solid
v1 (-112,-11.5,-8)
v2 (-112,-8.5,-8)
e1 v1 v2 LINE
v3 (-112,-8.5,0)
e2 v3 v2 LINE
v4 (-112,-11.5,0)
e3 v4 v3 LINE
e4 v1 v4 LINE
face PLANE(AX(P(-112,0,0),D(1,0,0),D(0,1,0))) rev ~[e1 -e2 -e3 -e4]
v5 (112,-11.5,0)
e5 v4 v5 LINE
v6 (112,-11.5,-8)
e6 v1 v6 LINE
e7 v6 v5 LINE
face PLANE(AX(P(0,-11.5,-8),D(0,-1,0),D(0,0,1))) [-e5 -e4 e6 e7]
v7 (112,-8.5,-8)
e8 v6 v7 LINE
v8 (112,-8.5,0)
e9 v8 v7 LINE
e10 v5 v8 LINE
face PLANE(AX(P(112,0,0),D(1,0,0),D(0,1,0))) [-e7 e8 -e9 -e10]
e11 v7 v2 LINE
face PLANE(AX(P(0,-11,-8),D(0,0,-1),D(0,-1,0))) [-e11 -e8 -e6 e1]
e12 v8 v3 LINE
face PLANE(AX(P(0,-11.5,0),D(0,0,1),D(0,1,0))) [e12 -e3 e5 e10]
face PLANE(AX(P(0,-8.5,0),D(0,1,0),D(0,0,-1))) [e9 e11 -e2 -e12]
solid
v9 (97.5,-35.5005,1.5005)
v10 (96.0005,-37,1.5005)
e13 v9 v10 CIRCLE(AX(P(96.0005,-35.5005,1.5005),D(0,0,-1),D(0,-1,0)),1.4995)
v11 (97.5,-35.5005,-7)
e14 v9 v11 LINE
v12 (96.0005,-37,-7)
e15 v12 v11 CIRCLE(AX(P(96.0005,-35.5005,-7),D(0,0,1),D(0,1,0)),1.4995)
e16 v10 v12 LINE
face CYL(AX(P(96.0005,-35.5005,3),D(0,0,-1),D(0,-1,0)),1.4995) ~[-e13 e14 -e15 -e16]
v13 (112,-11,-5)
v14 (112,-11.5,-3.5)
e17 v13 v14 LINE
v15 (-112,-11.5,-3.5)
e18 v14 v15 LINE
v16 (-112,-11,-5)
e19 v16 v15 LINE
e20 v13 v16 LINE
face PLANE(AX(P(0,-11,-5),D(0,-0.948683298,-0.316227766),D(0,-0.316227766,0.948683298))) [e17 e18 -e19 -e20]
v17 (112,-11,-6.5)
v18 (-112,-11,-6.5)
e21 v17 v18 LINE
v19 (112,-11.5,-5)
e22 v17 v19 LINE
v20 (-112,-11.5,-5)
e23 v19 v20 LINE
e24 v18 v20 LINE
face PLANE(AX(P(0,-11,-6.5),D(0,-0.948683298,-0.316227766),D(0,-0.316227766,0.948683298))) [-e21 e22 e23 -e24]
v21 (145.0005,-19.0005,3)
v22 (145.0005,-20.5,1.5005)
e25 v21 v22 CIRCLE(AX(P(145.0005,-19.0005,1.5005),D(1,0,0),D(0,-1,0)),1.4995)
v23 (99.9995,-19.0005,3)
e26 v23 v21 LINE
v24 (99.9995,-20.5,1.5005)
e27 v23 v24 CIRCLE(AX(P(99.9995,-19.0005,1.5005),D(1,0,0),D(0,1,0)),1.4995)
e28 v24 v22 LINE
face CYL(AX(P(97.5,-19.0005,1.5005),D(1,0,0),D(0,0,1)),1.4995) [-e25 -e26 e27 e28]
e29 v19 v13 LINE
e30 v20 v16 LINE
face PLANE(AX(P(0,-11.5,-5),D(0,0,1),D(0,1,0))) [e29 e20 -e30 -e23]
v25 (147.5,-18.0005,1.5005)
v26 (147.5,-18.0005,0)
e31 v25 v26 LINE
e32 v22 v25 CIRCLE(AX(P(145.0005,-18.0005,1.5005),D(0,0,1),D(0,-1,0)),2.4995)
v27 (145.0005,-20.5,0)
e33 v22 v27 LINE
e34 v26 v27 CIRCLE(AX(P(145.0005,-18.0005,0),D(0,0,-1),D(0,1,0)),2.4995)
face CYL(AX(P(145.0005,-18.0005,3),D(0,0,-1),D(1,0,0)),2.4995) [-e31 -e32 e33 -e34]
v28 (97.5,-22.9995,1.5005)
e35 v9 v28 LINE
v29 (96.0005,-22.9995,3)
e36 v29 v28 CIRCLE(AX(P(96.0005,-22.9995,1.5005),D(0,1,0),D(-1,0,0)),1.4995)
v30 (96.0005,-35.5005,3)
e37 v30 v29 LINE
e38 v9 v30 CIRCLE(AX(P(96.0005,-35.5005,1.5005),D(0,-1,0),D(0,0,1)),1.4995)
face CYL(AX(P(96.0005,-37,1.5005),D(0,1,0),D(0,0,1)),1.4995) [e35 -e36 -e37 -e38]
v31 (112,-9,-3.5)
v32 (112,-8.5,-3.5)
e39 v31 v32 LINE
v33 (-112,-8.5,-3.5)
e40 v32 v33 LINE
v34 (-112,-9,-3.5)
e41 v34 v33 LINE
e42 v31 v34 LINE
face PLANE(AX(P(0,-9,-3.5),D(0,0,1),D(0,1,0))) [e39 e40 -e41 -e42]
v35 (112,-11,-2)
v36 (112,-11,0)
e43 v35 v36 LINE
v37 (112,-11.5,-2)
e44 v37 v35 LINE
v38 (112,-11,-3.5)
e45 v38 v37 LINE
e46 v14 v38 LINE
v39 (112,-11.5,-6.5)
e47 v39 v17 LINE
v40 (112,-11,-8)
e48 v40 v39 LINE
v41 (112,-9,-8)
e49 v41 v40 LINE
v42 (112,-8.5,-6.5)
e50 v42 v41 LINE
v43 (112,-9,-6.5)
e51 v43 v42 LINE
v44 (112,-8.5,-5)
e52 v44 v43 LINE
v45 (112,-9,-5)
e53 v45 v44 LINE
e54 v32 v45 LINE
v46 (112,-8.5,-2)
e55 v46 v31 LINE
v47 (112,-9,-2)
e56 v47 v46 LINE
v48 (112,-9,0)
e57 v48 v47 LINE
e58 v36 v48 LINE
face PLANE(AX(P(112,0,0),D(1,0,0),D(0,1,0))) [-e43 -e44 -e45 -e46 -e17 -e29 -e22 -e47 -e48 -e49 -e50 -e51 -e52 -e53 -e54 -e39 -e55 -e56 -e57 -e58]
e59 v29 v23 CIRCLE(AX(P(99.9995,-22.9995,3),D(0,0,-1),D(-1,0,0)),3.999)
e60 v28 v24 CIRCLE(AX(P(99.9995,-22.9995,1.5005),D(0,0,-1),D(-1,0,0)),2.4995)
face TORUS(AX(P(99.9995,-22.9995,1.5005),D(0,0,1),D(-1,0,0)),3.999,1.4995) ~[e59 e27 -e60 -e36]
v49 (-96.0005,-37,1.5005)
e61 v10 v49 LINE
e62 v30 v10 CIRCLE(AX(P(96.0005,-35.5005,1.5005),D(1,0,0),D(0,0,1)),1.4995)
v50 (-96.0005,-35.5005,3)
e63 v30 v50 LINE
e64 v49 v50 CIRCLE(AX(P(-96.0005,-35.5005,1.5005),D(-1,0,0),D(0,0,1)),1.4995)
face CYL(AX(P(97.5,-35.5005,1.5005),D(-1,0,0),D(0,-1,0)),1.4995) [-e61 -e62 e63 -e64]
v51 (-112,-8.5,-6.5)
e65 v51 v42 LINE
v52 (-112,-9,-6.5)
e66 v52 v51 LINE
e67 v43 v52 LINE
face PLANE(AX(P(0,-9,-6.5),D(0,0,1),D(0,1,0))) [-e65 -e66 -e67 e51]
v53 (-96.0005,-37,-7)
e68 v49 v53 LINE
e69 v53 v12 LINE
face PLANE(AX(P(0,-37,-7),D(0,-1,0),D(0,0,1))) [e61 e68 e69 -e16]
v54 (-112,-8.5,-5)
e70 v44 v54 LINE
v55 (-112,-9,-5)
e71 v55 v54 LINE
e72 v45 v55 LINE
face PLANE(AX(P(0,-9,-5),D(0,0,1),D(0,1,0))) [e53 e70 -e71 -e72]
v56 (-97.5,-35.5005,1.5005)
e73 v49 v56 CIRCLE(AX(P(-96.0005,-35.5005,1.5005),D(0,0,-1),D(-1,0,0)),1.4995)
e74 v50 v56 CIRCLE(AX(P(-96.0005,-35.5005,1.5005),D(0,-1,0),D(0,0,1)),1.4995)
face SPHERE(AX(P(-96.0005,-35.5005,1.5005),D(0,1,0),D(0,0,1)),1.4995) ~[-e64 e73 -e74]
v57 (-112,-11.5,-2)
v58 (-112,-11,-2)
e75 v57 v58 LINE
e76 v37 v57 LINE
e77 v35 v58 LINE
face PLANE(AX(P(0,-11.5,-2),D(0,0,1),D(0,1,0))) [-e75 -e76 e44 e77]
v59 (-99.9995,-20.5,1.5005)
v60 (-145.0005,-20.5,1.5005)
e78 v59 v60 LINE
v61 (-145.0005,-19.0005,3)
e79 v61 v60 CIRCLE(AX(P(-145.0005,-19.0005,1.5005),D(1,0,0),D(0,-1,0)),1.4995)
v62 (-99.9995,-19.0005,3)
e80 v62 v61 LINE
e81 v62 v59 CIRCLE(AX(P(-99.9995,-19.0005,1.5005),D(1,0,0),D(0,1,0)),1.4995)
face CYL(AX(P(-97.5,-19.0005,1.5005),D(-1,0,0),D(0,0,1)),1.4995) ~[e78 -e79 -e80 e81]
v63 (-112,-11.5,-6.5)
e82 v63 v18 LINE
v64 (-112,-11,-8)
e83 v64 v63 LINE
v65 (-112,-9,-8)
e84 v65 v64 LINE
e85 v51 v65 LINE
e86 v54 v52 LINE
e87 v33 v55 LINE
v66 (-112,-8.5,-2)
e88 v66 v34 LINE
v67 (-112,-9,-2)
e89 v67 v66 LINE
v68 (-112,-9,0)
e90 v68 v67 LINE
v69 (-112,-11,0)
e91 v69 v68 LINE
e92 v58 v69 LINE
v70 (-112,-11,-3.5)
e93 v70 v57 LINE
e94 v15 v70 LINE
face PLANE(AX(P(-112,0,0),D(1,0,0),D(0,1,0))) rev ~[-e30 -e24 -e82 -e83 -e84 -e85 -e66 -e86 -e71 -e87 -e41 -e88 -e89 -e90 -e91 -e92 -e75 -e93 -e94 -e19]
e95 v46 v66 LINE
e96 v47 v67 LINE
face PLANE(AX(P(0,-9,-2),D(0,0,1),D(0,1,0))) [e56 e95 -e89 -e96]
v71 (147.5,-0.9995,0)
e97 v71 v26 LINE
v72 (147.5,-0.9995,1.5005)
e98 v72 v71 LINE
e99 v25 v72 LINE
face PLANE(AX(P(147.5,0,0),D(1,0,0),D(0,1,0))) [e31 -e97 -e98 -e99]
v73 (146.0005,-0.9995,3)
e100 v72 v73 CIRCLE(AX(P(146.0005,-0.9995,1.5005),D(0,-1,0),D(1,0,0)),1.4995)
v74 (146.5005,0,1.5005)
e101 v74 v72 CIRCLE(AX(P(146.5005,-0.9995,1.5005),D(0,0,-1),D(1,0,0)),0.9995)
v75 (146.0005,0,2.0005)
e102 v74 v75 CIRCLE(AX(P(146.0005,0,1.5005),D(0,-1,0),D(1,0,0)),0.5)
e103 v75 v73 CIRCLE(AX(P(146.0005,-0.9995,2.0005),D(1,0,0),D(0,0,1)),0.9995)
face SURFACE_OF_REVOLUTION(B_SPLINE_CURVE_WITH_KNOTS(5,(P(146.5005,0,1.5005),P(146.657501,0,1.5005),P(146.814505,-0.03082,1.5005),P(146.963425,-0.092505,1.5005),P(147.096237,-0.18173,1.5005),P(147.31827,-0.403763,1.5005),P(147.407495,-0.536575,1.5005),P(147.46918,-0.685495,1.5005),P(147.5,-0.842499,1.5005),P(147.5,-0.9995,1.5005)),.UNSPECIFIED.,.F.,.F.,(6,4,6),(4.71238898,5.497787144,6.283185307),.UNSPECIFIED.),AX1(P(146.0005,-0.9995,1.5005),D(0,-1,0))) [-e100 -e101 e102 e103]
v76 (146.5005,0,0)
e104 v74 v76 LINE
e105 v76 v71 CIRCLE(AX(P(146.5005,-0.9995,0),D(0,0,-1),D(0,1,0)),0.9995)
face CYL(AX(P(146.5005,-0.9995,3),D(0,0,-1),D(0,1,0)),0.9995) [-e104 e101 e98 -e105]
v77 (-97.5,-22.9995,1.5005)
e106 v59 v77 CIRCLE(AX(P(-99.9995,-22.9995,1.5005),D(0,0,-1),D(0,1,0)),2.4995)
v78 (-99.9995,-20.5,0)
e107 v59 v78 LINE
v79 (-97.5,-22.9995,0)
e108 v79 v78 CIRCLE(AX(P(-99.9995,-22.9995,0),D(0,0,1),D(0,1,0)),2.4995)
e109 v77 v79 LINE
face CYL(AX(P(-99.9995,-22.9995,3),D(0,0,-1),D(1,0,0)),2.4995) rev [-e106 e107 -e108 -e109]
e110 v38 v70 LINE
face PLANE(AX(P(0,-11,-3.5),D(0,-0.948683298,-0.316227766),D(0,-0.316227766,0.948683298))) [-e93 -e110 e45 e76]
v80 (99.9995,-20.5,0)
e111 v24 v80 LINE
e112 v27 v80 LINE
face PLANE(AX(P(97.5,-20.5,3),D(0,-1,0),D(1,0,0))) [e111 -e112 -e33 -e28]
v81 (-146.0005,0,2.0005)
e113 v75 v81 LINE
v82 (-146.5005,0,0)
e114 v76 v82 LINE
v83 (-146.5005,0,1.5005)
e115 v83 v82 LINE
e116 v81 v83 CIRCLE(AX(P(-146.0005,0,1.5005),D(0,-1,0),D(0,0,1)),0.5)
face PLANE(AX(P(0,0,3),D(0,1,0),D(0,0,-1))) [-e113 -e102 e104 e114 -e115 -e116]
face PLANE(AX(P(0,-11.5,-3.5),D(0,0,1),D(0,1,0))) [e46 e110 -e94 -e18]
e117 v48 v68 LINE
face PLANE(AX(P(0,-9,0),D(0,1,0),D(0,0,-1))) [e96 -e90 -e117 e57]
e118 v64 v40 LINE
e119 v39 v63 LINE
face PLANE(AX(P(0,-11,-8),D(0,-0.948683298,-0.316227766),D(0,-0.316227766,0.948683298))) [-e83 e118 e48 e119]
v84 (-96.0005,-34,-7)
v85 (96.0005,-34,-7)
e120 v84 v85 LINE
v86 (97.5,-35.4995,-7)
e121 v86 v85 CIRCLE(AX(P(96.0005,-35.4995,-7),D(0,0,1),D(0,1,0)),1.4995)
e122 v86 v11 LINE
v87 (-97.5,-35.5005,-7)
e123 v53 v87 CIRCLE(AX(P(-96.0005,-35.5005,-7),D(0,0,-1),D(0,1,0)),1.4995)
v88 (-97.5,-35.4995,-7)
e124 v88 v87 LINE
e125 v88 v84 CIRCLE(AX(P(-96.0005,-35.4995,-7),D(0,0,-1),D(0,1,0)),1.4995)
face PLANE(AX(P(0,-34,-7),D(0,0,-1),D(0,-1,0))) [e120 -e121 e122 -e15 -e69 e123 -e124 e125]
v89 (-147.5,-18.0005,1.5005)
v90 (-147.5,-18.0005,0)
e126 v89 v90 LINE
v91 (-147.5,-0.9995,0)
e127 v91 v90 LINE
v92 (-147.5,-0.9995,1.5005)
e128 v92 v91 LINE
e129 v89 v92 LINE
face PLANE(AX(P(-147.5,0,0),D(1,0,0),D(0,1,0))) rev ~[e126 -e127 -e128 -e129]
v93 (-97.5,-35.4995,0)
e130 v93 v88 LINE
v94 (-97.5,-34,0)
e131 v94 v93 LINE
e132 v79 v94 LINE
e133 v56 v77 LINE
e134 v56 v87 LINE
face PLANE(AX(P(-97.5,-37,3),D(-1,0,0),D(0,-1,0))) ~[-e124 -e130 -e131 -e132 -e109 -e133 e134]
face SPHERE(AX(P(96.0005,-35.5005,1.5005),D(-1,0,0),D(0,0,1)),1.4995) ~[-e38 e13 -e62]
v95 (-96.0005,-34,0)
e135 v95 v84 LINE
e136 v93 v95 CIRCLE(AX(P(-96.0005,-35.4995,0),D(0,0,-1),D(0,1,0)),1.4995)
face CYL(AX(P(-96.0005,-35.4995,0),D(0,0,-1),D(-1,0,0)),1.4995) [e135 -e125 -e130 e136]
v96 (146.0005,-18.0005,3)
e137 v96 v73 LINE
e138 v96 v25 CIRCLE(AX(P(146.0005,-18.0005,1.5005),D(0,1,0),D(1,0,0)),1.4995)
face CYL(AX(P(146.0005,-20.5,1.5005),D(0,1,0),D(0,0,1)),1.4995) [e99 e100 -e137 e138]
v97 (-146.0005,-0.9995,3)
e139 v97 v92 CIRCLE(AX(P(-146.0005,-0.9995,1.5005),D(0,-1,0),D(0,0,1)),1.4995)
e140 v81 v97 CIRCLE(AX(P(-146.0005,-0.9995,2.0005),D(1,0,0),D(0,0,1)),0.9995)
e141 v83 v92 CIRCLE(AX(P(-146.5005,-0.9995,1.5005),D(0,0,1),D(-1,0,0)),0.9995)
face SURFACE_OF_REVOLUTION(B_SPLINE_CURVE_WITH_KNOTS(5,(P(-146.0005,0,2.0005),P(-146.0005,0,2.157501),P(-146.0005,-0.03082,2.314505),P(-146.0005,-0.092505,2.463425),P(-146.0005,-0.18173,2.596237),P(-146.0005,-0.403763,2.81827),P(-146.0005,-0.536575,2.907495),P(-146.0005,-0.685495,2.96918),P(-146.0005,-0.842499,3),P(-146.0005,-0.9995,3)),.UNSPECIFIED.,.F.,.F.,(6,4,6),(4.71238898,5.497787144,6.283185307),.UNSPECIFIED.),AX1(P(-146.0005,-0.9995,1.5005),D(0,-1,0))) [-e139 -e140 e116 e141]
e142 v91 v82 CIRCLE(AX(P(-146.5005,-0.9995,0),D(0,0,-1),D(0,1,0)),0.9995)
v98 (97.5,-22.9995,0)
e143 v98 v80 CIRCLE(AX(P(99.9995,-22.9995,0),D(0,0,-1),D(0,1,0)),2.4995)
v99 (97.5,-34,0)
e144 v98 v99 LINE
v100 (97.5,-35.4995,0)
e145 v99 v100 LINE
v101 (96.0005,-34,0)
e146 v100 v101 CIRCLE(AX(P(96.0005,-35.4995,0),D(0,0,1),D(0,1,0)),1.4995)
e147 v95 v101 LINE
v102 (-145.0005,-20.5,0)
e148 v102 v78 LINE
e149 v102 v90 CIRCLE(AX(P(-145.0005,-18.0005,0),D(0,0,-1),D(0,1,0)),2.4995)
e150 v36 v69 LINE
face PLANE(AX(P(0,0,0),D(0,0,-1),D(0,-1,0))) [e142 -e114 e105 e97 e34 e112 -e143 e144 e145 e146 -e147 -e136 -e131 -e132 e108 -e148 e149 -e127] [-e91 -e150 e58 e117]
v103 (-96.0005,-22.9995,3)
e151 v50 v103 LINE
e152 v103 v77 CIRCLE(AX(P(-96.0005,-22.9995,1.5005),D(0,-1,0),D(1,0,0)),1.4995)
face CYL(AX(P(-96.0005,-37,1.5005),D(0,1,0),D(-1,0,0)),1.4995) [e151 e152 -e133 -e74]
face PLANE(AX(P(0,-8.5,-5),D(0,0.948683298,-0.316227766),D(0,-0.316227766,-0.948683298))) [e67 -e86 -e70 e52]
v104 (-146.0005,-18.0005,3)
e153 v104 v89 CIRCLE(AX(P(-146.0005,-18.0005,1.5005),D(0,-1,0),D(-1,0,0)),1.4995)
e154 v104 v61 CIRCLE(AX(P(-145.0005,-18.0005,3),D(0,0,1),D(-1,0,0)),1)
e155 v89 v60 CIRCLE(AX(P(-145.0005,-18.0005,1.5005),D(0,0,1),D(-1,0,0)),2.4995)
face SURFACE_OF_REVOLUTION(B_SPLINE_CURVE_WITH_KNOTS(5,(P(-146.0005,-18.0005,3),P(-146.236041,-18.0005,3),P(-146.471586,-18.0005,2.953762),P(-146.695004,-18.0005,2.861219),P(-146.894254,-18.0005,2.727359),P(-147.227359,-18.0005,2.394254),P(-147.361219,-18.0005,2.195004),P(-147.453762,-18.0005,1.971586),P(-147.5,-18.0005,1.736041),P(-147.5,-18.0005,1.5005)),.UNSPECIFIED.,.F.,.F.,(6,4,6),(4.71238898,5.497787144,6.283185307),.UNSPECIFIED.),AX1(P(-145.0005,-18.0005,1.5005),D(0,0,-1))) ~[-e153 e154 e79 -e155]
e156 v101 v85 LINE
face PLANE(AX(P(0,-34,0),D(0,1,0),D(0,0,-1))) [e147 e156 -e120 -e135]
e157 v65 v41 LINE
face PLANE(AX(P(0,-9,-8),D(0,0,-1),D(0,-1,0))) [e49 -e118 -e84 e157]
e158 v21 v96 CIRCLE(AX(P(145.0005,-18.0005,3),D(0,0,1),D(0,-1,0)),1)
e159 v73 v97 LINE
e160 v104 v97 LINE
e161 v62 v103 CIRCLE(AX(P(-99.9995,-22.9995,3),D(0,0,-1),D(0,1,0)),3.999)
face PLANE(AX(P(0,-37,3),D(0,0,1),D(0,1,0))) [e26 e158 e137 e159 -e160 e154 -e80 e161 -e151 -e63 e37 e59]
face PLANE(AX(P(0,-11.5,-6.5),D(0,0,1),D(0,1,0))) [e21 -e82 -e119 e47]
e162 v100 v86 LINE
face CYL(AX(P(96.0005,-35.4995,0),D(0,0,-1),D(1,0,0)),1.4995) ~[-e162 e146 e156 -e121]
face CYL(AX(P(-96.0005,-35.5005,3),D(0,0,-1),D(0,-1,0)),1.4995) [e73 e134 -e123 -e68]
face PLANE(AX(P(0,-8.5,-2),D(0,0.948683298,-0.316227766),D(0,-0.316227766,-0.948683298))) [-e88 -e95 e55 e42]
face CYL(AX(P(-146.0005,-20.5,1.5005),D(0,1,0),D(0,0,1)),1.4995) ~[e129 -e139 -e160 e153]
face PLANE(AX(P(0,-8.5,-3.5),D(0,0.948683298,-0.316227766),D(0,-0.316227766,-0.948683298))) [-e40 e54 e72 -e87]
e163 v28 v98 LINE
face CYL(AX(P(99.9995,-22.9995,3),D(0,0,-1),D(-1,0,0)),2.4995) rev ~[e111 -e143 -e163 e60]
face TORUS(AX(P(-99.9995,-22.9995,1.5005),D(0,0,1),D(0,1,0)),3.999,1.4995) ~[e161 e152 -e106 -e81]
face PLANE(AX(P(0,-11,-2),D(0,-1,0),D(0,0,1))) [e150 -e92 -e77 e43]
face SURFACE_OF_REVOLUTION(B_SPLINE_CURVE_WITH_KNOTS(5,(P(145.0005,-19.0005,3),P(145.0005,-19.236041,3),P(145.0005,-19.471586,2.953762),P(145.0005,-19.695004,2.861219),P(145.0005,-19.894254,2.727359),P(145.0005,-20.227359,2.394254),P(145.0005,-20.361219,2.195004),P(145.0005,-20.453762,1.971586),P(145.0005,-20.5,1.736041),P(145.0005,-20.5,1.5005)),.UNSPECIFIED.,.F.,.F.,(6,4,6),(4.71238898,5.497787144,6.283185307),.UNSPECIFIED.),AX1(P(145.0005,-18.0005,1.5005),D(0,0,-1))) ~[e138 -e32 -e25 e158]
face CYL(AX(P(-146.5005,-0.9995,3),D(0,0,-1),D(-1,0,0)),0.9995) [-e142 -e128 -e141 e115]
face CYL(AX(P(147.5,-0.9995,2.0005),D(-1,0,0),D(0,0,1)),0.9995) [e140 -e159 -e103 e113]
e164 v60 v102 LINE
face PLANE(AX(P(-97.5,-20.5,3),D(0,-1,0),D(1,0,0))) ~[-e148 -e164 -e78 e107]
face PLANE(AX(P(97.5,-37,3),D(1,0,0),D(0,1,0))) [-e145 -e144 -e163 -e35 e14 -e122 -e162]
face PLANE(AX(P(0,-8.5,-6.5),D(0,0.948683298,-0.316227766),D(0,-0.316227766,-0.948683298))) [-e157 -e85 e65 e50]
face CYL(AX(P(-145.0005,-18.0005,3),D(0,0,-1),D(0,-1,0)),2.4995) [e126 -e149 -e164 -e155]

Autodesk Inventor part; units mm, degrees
ref_plane "YZ Plane" through (0, 0, 0) normal (1, 0, 0) x (0, 1, 0)
ref_plane "XZ Plane" through (0, 0, 0) normal (0, 1, 0) x (-1, 0, 0)
ref_plane "XY Plane" through (0, 0, 0) normal (0, 0, 1) x (1, 0, 0)
sketch "Sketch1" plane through (0, 0, 0) normal (1, 0, 0) x (0, 1, 0)
  line L0 (-37, -7) -> (-37, 3)
  line L1 (-37, 3) -> (0, 3)
  line L2 (0, 3) -> (0, 0)
  line L3 (0, 0) -> (-34, 0)
  line L4 (-34, 0) -> (-34, -7)
  line L5 (-34, -7) -> (-37, -7)
  dimension "d0" = 37
  dimension "d1" = 10
  dimension "d2" = 3
extrude "handle_ex" add sketch "Sketch1" along normal mid plane 295
sketch "Sketch2" plane through (-147.5, -37, 3) normal (0, 0, 1) x (1, 0, 0)
  line L0 (245, 16.5) -> (295, 16.5)
  line L1 (295, 16.5) -> (295, 0)
  line L2 (295, 0) -> (245, 0)
  line L3 (245, 0) -> (245, 16.5)
  line L4 (0, 0) -> (295, 0) projected
  line L5 (295, 37) -> (295, 0) projected
  point P0 (147.5, 37)
  dimension "d5" = 50
  dimension "d6" = 16.5
extrude "handle_cutouts" cut sketch "Sketch2" against normal through all
mirror "handle_cutouts_mirror" about plane through (0, 0, 0) normal (1, 0, 0) of "handle_cutouts"
sketch "Sketch3" plane through (0, 0, 0) normal (1, 0, 0) x (0, 1, 0)
  line L0 (-11, -8) -> (-11.5, -6.5)
  line L1 (-11.5, -6.5) -> (-11, -6.5)
  line L2 (-11, -6.5) -> (-11.5, -5)
  line L3 (-11.5, -5) -> (-11, -5)
  line L4 (-11, -5) -> (-11.5, -3.5)
  line L5 (-11.5, -3.5) -> (-11, -3.5)
  line L6 (-11, -3.5) -> (-11.5, -2)
  line L7 (-11.5, -2) -> (-11, -2)
  line L8 (-11, -2) -> (-11, 0)
  line L9 (-11, 0) -> (-9, 0)
  line L10 (-9, 0) -> (-9, -2)
  line L11 (-9, -2) -> (-8.5, -2)
  line L12 (-8.5, -2) -> (-9, -3.5)
  line L13 (-9, -3.5) -> (-8.5, -3.5)
  line L14 (-8.5, -3.5) -> (-9, -5)
  line L15 (-9, -5) -> (-8.5, -5)
  line L16 (-8.5, -5) -> (-9, -6.5)
  line L17 (-9, -6.5) -> (-8.5, -6.5)
  line L18 (-8.5, -6.5) -> (-9, -8)
  line L19 (-9, -8) -> (-11, -8)
  line L20 (-20.5, 0) -> (0, 0) projected
  line L21 (0, 0) -> (0, 3) projected
  dimension "d9" = 0.5
  dimension "d11" = 1.5
  dimension "d12" = 2
  dimension "d13" = 2
  dimension "d14" = 8
  dimension "d15" = 8.5
extrude "harpoon_wedge" add sketch "Sketch3" along normal mid plane 224
fillet "fillet" radius 2.5 4 edges at (97.5, -20.5, 1.5) (147.5, -20.5, 1.5) (-97.5, -20.5, 1.5) (-147.5, -20.5, 1.5)
fillet "fillet" radius 1.5 11 edges at (-147.5, -10.25, 3) (-122.5, -20.5, 3) (-97.5, -28.75, 3) (0, -37, 3) (-97.5, -37, -2) (-97.5, -34, -3.5) (97.5, -28.75, 3) (97.5, -37, -2) (97.5, -34, -3.5) (122.5, -20.5, 3) (147.5, -10.25, 3)
fillet "fillet" radius 1 3 edges at (147.5, 0, 1.5) (0, 0, 3) (-147.5, 0, 1.5)
sketch "Sketch4" plane through (0, 0, 0) normal (1, 0, 0) x (0, 1, 0)
  line L0 (-11.5, 0) -> (-8.5, 0)
  line L1 (-8.5, 0) -> (-8.5, -8)
  line L2 (-8.5, -8) -> (-11.5, -8)
  line L3 (-11.5, -8) -> (-11.5, 0)
  line L4 (-11, -8) -> (-9, -8) projected
  point P0 (0, 0)
  point P1 (-10, -8)
  point P2 (-10, -8)
  dimension "d21" = 3
  dimension "d22" = 8
extrude "cut_body" add sketch "Sketch4" along normal mid plane 224 separate body
equation "\"d3\" = Length"
equation "\"d23\" = d16"
equation "\"Length\" = 295"
equation "\"d16\" = 224"
properties part number "Häfele Alu profile 126.26.201 295 mm Chrome polished" material "Aluminum 6061"
